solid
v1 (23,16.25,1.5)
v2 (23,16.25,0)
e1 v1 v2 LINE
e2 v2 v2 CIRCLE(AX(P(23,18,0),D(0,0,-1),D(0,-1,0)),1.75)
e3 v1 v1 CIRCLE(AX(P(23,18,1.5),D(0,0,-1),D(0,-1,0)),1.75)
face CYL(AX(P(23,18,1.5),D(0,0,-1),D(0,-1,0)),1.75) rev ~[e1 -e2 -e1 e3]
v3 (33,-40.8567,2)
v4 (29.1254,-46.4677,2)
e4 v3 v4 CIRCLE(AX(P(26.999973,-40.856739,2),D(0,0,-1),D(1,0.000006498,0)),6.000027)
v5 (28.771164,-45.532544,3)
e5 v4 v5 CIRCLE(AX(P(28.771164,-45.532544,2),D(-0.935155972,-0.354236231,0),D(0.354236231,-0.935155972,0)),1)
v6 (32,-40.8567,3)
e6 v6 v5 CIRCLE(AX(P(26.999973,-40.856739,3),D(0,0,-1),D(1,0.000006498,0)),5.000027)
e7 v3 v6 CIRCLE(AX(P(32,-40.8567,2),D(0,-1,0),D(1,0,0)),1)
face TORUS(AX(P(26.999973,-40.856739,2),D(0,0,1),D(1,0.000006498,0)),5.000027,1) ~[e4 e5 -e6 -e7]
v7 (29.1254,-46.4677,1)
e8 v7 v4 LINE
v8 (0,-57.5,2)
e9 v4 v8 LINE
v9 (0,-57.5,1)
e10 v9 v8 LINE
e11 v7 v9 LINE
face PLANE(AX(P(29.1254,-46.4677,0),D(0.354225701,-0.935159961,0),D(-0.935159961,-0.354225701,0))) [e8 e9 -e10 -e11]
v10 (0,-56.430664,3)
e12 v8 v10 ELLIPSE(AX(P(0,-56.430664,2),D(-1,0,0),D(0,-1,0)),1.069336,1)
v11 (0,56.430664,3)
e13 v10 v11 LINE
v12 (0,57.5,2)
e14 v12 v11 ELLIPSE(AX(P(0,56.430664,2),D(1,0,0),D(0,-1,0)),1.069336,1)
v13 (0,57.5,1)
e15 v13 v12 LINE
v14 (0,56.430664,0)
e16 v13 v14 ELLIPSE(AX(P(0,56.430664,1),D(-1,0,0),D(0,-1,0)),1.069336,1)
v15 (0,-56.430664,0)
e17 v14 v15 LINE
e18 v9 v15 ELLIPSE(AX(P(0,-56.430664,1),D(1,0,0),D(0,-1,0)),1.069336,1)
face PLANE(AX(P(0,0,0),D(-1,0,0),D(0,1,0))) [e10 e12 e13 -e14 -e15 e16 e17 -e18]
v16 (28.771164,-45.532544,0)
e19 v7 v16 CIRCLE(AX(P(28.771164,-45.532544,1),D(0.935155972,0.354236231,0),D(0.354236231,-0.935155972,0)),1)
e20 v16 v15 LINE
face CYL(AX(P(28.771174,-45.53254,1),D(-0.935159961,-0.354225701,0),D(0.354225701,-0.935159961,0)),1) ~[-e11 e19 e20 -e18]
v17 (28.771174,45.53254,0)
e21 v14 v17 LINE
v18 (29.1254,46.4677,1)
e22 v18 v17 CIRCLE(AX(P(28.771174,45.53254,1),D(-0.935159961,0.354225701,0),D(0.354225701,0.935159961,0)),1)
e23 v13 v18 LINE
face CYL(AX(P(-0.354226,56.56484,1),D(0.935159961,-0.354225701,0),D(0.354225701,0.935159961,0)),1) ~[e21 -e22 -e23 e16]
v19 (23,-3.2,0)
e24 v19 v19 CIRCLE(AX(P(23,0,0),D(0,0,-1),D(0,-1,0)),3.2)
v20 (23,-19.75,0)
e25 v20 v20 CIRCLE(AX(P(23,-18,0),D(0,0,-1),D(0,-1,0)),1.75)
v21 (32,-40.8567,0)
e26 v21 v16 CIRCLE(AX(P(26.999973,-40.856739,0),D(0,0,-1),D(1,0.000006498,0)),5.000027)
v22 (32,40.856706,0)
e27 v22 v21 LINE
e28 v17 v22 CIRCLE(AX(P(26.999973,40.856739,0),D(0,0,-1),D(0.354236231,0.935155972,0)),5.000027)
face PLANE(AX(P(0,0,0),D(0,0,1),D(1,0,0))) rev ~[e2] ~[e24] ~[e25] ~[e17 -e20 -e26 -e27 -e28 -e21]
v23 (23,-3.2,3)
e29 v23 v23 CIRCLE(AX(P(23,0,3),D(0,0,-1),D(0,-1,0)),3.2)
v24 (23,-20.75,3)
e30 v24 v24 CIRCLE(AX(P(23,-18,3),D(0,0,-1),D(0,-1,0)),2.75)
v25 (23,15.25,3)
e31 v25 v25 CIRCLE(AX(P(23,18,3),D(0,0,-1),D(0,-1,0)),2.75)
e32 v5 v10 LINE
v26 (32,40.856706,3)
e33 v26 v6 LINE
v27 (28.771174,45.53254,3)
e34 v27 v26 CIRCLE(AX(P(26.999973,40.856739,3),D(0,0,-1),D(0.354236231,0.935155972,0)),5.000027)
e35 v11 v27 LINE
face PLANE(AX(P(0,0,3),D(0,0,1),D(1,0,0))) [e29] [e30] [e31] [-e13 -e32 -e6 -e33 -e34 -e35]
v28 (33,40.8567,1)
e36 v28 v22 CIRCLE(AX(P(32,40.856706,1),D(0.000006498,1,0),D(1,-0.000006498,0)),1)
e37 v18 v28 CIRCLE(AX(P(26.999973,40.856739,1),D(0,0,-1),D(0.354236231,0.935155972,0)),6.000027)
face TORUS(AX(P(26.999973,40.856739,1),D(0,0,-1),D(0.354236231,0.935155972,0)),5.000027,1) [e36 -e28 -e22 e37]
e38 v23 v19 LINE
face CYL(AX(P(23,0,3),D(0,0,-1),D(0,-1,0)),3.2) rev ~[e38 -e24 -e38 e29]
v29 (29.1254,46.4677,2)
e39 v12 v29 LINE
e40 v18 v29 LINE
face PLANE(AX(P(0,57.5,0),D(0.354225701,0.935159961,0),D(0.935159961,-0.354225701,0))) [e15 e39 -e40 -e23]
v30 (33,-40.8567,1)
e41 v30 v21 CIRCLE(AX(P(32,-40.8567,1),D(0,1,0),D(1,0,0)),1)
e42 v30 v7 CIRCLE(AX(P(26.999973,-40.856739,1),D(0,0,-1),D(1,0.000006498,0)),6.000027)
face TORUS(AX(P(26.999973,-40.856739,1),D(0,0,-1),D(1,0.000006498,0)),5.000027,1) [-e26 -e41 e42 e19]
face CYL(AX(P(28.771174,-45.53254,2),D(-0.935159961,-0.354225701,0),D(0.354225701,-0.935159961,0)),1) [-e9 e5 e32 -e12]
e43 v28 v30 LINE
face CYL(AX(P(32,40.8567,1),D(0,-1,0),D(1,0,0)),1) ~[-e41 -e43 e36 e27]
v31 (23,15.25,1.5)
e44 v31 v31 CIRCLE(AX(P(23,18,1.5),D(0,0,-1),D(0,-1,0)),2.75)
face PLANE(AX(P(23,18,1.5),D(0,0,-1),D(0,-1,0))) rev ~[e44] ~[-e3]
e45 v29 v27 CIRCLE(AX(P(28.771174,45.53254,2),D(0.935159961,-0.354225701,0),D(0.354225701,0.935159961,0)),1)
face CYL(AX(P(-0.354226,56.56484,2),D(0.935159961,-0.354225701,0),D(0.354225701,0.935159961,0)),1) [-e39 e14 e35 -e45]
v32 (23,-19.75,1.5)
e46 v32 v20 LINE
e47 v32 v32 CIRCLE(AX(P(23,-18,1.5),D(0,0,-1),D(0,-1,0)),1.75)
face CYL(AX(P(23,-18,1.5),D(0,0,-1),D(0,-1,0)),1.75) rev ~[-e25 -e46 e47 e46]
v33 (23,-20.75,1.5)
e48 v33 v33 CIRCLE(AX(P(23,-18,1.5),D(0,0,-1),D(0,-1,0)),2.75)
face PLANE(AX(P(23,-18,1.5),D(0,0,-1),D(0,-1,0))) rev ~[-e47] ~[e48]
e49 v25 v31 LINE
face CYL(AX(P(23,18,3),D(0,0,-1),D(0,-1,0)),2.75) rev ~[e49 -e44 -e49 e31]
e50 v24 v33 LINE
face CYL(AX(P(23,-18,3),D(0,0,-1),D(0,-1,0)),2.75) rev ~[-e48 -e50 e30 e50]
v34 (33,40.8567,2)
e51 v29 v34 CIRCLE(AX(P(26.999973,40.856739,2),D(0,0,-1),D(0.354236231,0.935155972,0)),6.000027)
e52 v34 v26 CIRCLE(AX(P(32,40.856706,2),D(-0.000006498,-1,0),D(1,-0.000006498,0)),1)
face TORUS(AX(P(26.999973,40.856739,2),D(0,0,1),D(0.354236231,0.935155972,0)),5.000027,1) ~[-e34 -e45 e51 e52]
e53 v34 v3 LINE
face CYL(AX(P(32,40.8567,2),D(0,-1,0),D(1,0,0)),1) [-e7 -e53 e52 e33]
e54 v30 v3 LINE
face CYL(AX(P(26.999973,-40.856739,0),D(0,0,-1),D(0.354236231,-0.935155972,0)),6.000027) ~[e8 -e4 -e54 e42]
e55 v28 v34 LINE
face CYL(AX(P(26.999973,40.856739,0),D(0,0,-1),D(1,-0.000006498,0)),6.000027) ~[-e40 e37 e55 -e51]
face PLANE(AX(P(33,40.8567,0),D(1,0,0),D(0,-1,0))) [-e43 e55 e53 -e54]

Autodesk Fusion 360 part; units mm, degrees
sketch "Sketch1" plane through (0, 0, 0) normal (0, 0, 1) x (1, 0, 0)
  line L0 (0, 0) -> (0, 57.5)
  line L1 (0, 57.5) -> (29.1254, 46.4677)
  line L2 (33, 40.8567) -> (33, -40.8567)
  line L3 (29.1254, -46.4677) -> (0, -57.5)
  line L4 (0, -57.5) -> (0, 0)
  arc A0 (29.1254, -46.4677) -> (33, -40.8567) centre (27, -40.8567) ccw
  arc A1 (33, 40.8567) -> (29.1254, 46.4677) centre (27, 40.8567) ccw
  point P0 (33, 45)
  point P1 (33, -45)
  dimension "d1" = 90
  dimension "d2" = 115
  dimension "d3" = 33
  dimension "d4" = 6
extrude "Extrude1" add sketch "Sketch1" along normal blind 3
sketch "Sketch2" plane through (0, 0, 3) normal (0, 0, 1) x (1, 0, 0)
  arc A0 (29.1254, -46.4677) -> (33, -40.8567) centre (27, -40.8567) ccw
  line L0 (33, -40.8567) -> (33, 40.8567)
  arc A1 (33, 40.8567) -> (29.1254, 46.4677) centre (27, 40.8567) ccw
  line L1 (29.1254, 46.4677) -> (0, 57.5)
  line L2 (0, 57.5) -> (0, -57.5)
  line L3 (0, -57.5) -> (29.1254, -46.4677)
  line L4 (23, -48.7879) -> (23, 48.7879) construction
  circle A2 centre (23, 0) radius 3.2
  circle A3 centre (23, 18) radius 1.5
  circle A4 centre (23, -18) radius 1.5
  dimension "d7" = 10
  dimension "d8" = 6.4
  dimension "d9" = 3
  dimension "d11" = 36
  dimension "d12" = 18
hole "Hole1" at (23, 0, 3) direction (0, 0, -1) diameter 6.4 end up to surface (3 mm away)
hole "Hole2" at (23, -18, 3) at (23, 18, 3) direction (0, 0, -1) diameter 3.5 depth 3 tip angle 118 counterbore diameter 5.5 counterbore depth 1.5
fillet "Fillet1" radius 1 10 edges at (14.5627, -51.9838, 3) (31.9372, -44.2661, 3) (33, 0, 3) (31.9372, 44.2661, 3) (14.5627, 51.9838, 3) (14.5627, 51.9838, 0) (31.9372, 44.2661, 0) (33, 0, 0) (31.9372, -44.2661, 0) (14.5627, -51.9838, 0)
equation "d8 = ( 25.6 / 4 ) * 1 mm"
